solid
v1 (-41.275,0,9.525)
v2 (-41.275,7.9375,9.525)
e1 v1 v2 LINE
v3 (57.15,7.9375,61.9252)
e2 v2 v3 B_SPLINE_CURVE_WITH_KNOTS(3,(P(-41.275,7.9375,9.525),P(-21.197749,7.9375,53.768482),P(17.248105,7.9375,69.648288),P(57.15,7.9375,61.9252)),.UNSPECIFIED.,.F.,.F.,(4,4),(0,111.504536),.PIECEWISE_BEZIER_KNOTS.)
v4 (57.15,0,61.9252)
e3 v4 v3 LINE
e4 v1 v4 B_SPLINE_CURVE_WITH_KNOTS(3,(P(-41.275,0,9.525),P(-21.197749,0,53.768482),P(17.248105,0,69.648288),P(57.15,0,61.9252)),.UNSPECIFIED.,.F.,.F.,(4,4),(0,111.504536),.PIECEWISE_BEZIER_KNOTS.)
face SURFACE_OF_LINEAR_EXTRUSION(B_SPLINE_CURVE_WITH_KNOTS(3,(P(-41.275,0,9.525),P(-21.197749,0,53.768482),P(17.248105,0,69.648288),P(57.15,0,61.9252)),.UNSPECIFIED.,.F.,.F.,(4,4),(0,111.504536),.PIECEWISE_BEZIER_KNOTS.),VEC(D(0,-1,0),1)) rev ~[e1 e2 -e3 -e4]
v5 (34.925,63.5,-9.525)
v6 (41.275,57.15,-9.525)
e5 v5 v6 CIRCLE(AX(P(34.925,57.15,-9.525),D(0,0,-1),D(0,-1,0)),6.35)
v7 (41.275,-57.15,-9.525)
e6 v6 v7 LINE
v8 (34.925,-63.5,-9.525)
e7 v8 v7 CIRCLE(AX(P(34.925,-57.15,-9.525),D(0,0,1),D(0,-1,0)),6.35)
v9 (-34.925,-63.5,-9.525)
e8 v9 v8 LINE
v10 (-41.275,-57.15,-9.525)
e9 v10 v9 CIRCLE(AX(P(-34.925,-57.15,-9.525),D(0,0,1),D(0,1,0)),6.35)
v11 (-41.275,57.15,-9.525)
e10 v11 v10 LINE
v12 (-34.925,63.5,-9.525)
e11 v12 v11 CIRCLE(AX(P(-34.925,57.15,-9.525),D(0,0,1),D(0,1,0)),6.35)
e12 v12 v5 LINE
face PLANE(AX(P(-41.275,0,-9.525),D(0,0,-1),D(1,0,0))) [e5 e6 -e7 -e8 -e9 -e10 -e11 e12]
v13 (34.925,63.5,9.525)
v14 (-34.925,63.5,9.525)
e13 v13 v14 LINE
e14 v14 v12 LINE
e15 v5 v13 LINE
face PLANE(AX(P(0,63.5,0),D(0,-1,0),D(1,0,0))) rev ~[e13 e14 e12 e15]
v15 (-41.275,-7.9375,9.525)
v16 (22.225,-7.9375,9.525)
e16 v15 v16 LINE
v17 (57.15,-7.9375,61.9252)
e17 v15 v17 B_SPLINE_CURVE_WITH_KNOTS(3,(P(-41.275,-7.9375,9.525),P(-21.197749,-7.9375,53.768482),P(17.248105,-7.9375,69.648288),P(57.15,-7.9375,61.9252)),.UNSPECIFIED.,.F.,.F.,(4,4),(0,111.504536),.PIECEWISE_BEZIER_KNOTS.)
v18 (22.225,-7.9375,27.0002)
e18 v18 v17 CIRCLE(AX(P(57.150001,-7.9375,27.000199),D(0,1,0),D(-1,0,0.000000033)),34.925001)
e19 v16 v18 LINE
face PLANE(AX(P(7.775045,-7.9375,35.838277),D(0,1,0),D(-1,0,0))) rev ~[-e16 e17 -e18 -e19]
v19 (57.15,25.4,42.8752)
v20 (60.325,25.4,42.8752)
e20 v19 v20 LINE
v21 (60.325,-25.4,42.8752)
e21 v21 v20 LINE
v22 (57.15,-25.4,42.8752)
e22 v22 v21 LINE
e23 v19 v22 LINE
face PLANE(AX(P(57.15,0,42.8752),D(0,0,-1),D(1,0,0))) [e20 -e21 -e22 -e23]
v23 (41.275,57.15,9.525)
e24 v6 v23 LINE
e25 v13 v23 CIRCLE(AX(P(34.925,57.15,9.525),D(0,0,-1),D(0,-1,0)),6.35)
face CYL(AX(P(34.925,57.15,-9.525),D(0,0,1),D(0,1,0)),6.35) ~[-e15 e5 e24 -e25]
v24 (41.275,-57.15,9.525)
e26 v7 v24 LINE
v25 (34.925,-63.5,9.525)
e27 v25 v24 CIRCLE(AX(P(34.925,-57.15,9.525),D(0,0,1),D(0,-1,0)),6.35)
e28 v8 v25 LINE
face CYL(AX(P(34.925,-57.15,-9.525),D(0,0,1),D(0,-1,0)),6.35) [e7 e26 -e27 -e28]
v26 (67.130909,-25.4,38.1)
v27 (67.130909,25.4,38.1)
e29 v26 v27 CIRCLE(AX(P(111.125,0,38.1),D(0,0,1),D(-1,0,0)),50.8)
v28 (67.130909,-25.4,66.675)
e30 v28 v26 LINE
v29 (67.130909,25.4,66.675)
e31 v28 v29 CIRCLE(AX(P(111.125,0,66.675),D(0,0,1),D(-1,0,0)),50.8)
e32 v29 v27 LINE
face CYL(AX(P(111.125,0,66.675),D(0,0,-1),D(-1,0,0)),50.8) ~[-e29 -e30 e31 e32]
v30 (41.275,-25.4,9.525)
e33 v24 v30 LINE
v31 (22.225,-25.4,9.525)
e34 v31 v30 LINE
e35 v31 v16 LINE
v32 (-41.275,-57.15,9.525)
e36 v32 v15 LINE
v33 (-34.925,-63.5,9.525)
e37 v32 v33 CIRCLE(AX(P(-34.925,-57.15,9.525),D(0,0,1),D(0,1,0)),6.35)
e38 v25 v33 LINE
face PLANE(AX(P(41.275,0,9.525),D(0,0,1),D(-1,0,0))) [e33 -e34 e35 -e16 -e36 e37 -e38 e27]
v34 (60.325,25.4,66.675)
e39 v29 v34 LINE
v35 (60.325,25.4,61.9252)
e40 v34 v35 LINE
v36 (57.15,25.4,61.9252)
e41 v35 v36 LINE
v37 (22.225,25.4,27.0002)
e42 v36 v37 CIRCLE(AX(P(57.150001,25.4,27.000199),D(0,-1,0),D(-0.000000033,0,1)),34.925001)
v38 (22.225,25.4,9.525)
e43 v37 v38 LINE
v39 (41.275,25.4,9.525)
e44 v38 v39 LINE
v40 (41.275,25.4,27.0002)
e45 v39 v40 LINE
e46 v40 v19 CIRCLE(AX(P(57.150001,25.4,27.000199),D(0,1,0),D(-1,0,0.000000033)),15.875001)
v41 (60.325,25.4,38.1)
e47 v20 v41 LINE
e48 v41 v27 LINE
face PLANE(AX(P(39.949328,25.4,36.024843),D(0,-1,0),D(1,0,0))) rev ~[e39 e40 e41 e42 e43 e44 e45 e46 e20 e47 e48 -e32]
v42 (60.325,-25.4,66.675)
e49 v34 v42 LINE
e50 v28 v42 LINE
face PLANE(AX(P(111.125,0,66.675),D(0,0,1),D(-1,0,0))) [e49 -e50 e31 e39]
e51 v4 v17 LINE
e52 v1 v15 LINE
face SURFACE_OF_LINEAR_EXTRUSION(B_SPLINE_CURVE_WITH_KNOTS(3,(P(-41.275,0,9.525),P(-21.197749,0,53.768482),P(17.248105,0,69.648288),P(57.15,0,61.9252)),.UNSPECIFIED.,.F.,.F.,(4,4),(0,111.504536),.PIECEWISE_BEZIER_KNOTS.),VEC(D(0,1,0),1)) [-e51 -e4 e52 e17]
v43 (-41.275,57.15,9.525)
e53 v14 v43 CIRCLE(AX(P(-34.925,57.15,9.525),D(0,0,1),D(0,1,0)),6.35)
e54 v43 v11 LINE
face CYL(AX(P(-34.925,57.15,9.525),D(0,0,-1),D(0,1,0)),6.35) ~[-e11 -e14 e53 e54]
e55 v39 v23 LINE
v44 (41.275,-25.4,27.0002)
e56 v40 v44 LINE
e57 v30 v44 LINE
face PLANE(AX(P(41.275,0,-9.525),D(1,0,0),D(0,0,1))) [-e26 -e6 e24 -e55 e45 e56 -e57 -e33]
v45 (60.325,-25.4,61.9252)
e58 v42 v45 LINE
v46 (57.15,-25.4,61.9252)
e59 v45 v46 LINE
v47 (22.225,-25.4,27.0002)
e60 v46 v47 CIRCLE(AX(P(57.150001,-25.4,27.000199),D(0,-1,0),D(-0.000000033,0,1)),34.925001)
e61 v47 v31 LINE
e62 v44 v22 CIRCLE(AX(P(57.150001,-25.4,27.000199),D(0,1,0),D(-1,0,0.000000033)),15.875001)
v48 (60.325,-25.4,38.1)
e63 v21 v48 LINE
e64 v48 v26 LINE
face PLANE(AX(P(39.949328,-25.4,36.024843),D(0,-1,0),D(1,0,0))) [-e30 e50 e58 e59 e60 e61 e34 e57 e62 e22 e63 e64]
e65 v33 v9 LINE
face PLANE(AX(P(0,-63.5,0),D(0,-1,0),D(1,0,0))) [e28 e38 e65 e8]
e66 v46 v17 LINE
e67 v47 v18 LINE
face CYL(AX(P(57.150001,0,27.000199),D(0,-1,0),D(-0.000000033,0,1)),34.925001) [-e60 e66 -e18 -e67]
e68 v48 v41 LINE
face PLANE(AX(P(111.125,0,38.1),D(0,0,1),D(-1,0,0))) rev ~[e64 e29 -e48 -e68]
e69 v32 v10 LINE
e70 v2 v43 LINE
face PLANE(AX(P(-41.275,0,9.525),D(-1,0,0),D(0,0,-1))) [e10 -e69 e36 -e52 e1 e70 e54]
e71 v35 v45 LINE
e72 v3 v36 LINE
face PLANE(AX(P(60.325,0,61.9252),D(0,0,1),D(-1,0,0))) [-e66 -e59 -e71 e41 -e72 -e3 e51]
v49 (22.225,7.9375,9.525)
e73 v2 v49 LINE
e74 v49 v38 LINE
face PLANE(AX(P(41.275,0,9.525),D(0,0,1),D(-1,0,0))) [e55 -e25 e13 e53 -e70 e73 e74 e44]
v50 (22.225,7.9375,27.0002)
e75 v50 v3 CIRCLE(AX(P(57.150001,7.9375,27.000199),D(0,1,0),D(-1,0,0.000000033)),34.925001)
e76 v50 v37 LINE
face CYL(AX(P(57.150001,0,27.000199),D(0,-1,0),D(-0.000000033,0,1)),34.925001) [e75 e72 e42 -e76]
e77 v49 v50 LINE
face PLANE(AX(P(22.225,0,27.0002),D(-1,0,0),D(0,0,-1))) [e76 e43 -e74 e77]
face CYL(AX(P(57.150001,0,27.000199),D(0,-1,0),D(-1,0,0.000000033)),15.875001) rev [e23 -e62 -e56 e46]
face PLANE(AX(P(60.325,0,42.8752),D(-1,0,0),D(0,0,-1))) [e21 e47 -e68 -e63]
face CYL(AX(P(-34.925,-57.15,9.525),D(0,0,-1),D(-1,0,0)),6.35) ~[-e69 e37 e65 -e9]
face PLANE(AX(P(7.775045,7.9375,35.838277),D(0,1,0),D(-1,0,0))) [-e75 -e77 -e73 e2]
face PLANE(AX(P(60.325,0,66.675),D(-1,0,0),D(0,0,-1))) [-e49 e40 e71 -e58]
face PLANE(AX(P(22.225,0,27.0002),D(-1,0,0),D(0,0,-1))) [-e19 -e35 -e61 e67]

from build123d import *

# Parameters (mm, degrees)
F1_DEPTH = 63.5
F2_DEPTH = 25.4
F3_DEPTH = 7.9375
F5_R     = 6.35


with BuildPart() as f1:
    # F0 (on Front) → F1 (new body, symmetric)
    with BuildSketch(Plane.XZ):
        Polygon((-41.275, 9.525), (-41.275, -9.525), (41.275, -9.525), (41.275, 9.525), (22.225, 9.525), align=None)
    extrude(amount=F1_DEPTH, both=True)

    # F0 (on Front) → F2 (join, symmetric)
    with BuildSketch(Plane.XZ):
        with BuildLine():
            Line((22.225, 9.525), (41.275, 9.525))
            Line((41.275, 9.525), (41.275, 27.0002))
            ThreePointArc((41.275, 27.0002), (45.92468, 38.22552), (57.15, 42.8752))
            Line((57.15, 42.8752), (60.325, 42.8752))
            Line((60.325, 42.8752), (60.325, 61.9252))
            Line((60.325, 61.9252), (57.15, 61.9252))
            ThreePointArc((57.15, 61.9252), (32.454296, 51.695904), (22.225, 27.0002))
            Line((22.225, 27.0002), (22.225, 9.525))
        make_face()
        Polygon((60.325, 66.675), (60.325, 61.9252), (60.325, 42.8752), (60.325, 38.1), (111.125, 38.1), (111.125, 66.675), align=None)
    extrude(amount=F2_DEPTH, both=True)

    # F0 (on Front) → F3 (join, symmetric)
    with BuildSketch(Plane.XZ):
        with BuildLine():
            add(Edge.make_bspline(
                [(-41.275, 9.525), (-21.197749, 53.768482), (17.248105, 69.648288), (57.15, 61.9252)],
                knots=[0, 0, 0, 0, 111.504536, 111.504536, 111.504536, 111.504536], degree=3))
            Line((-41.275, 9.525), (22.225, 9.525))
            Line((22.225, 9.525), (22.225, 27.0002))
            ThreePointArc((22.225, 27.0002), (32.454296, 51.695904), (57.15, 61.9252))
        make_face()
    extrude(amount=F3_DEPTH, both=True)

    # F0 (on Front) → F4 (revolve)
    with BuildSketch(Plane.XZ):
        Polygon((60.325, 66.675), (60.325, 61.9252), (60.325, 42.8752), (60.325, 38.1), (111.125, 38.1), (111.125, 66.675), align=None)
    revolve(axis=Axis((111.125, 0, 52.3875), (0, 0, 1)))

    # F5
    f5_edges = [f1.edges().sort_by_distance(p)[0] for p in [
        (-41.275, -63.5, 0),
        (-41.275, 63.5, 0),
        (41.275, 63.5, 0),
        (41.275, -63.5, 0),
    ]]
    fillet(f5_edges, radius=F5_R)


solid = f1.part
